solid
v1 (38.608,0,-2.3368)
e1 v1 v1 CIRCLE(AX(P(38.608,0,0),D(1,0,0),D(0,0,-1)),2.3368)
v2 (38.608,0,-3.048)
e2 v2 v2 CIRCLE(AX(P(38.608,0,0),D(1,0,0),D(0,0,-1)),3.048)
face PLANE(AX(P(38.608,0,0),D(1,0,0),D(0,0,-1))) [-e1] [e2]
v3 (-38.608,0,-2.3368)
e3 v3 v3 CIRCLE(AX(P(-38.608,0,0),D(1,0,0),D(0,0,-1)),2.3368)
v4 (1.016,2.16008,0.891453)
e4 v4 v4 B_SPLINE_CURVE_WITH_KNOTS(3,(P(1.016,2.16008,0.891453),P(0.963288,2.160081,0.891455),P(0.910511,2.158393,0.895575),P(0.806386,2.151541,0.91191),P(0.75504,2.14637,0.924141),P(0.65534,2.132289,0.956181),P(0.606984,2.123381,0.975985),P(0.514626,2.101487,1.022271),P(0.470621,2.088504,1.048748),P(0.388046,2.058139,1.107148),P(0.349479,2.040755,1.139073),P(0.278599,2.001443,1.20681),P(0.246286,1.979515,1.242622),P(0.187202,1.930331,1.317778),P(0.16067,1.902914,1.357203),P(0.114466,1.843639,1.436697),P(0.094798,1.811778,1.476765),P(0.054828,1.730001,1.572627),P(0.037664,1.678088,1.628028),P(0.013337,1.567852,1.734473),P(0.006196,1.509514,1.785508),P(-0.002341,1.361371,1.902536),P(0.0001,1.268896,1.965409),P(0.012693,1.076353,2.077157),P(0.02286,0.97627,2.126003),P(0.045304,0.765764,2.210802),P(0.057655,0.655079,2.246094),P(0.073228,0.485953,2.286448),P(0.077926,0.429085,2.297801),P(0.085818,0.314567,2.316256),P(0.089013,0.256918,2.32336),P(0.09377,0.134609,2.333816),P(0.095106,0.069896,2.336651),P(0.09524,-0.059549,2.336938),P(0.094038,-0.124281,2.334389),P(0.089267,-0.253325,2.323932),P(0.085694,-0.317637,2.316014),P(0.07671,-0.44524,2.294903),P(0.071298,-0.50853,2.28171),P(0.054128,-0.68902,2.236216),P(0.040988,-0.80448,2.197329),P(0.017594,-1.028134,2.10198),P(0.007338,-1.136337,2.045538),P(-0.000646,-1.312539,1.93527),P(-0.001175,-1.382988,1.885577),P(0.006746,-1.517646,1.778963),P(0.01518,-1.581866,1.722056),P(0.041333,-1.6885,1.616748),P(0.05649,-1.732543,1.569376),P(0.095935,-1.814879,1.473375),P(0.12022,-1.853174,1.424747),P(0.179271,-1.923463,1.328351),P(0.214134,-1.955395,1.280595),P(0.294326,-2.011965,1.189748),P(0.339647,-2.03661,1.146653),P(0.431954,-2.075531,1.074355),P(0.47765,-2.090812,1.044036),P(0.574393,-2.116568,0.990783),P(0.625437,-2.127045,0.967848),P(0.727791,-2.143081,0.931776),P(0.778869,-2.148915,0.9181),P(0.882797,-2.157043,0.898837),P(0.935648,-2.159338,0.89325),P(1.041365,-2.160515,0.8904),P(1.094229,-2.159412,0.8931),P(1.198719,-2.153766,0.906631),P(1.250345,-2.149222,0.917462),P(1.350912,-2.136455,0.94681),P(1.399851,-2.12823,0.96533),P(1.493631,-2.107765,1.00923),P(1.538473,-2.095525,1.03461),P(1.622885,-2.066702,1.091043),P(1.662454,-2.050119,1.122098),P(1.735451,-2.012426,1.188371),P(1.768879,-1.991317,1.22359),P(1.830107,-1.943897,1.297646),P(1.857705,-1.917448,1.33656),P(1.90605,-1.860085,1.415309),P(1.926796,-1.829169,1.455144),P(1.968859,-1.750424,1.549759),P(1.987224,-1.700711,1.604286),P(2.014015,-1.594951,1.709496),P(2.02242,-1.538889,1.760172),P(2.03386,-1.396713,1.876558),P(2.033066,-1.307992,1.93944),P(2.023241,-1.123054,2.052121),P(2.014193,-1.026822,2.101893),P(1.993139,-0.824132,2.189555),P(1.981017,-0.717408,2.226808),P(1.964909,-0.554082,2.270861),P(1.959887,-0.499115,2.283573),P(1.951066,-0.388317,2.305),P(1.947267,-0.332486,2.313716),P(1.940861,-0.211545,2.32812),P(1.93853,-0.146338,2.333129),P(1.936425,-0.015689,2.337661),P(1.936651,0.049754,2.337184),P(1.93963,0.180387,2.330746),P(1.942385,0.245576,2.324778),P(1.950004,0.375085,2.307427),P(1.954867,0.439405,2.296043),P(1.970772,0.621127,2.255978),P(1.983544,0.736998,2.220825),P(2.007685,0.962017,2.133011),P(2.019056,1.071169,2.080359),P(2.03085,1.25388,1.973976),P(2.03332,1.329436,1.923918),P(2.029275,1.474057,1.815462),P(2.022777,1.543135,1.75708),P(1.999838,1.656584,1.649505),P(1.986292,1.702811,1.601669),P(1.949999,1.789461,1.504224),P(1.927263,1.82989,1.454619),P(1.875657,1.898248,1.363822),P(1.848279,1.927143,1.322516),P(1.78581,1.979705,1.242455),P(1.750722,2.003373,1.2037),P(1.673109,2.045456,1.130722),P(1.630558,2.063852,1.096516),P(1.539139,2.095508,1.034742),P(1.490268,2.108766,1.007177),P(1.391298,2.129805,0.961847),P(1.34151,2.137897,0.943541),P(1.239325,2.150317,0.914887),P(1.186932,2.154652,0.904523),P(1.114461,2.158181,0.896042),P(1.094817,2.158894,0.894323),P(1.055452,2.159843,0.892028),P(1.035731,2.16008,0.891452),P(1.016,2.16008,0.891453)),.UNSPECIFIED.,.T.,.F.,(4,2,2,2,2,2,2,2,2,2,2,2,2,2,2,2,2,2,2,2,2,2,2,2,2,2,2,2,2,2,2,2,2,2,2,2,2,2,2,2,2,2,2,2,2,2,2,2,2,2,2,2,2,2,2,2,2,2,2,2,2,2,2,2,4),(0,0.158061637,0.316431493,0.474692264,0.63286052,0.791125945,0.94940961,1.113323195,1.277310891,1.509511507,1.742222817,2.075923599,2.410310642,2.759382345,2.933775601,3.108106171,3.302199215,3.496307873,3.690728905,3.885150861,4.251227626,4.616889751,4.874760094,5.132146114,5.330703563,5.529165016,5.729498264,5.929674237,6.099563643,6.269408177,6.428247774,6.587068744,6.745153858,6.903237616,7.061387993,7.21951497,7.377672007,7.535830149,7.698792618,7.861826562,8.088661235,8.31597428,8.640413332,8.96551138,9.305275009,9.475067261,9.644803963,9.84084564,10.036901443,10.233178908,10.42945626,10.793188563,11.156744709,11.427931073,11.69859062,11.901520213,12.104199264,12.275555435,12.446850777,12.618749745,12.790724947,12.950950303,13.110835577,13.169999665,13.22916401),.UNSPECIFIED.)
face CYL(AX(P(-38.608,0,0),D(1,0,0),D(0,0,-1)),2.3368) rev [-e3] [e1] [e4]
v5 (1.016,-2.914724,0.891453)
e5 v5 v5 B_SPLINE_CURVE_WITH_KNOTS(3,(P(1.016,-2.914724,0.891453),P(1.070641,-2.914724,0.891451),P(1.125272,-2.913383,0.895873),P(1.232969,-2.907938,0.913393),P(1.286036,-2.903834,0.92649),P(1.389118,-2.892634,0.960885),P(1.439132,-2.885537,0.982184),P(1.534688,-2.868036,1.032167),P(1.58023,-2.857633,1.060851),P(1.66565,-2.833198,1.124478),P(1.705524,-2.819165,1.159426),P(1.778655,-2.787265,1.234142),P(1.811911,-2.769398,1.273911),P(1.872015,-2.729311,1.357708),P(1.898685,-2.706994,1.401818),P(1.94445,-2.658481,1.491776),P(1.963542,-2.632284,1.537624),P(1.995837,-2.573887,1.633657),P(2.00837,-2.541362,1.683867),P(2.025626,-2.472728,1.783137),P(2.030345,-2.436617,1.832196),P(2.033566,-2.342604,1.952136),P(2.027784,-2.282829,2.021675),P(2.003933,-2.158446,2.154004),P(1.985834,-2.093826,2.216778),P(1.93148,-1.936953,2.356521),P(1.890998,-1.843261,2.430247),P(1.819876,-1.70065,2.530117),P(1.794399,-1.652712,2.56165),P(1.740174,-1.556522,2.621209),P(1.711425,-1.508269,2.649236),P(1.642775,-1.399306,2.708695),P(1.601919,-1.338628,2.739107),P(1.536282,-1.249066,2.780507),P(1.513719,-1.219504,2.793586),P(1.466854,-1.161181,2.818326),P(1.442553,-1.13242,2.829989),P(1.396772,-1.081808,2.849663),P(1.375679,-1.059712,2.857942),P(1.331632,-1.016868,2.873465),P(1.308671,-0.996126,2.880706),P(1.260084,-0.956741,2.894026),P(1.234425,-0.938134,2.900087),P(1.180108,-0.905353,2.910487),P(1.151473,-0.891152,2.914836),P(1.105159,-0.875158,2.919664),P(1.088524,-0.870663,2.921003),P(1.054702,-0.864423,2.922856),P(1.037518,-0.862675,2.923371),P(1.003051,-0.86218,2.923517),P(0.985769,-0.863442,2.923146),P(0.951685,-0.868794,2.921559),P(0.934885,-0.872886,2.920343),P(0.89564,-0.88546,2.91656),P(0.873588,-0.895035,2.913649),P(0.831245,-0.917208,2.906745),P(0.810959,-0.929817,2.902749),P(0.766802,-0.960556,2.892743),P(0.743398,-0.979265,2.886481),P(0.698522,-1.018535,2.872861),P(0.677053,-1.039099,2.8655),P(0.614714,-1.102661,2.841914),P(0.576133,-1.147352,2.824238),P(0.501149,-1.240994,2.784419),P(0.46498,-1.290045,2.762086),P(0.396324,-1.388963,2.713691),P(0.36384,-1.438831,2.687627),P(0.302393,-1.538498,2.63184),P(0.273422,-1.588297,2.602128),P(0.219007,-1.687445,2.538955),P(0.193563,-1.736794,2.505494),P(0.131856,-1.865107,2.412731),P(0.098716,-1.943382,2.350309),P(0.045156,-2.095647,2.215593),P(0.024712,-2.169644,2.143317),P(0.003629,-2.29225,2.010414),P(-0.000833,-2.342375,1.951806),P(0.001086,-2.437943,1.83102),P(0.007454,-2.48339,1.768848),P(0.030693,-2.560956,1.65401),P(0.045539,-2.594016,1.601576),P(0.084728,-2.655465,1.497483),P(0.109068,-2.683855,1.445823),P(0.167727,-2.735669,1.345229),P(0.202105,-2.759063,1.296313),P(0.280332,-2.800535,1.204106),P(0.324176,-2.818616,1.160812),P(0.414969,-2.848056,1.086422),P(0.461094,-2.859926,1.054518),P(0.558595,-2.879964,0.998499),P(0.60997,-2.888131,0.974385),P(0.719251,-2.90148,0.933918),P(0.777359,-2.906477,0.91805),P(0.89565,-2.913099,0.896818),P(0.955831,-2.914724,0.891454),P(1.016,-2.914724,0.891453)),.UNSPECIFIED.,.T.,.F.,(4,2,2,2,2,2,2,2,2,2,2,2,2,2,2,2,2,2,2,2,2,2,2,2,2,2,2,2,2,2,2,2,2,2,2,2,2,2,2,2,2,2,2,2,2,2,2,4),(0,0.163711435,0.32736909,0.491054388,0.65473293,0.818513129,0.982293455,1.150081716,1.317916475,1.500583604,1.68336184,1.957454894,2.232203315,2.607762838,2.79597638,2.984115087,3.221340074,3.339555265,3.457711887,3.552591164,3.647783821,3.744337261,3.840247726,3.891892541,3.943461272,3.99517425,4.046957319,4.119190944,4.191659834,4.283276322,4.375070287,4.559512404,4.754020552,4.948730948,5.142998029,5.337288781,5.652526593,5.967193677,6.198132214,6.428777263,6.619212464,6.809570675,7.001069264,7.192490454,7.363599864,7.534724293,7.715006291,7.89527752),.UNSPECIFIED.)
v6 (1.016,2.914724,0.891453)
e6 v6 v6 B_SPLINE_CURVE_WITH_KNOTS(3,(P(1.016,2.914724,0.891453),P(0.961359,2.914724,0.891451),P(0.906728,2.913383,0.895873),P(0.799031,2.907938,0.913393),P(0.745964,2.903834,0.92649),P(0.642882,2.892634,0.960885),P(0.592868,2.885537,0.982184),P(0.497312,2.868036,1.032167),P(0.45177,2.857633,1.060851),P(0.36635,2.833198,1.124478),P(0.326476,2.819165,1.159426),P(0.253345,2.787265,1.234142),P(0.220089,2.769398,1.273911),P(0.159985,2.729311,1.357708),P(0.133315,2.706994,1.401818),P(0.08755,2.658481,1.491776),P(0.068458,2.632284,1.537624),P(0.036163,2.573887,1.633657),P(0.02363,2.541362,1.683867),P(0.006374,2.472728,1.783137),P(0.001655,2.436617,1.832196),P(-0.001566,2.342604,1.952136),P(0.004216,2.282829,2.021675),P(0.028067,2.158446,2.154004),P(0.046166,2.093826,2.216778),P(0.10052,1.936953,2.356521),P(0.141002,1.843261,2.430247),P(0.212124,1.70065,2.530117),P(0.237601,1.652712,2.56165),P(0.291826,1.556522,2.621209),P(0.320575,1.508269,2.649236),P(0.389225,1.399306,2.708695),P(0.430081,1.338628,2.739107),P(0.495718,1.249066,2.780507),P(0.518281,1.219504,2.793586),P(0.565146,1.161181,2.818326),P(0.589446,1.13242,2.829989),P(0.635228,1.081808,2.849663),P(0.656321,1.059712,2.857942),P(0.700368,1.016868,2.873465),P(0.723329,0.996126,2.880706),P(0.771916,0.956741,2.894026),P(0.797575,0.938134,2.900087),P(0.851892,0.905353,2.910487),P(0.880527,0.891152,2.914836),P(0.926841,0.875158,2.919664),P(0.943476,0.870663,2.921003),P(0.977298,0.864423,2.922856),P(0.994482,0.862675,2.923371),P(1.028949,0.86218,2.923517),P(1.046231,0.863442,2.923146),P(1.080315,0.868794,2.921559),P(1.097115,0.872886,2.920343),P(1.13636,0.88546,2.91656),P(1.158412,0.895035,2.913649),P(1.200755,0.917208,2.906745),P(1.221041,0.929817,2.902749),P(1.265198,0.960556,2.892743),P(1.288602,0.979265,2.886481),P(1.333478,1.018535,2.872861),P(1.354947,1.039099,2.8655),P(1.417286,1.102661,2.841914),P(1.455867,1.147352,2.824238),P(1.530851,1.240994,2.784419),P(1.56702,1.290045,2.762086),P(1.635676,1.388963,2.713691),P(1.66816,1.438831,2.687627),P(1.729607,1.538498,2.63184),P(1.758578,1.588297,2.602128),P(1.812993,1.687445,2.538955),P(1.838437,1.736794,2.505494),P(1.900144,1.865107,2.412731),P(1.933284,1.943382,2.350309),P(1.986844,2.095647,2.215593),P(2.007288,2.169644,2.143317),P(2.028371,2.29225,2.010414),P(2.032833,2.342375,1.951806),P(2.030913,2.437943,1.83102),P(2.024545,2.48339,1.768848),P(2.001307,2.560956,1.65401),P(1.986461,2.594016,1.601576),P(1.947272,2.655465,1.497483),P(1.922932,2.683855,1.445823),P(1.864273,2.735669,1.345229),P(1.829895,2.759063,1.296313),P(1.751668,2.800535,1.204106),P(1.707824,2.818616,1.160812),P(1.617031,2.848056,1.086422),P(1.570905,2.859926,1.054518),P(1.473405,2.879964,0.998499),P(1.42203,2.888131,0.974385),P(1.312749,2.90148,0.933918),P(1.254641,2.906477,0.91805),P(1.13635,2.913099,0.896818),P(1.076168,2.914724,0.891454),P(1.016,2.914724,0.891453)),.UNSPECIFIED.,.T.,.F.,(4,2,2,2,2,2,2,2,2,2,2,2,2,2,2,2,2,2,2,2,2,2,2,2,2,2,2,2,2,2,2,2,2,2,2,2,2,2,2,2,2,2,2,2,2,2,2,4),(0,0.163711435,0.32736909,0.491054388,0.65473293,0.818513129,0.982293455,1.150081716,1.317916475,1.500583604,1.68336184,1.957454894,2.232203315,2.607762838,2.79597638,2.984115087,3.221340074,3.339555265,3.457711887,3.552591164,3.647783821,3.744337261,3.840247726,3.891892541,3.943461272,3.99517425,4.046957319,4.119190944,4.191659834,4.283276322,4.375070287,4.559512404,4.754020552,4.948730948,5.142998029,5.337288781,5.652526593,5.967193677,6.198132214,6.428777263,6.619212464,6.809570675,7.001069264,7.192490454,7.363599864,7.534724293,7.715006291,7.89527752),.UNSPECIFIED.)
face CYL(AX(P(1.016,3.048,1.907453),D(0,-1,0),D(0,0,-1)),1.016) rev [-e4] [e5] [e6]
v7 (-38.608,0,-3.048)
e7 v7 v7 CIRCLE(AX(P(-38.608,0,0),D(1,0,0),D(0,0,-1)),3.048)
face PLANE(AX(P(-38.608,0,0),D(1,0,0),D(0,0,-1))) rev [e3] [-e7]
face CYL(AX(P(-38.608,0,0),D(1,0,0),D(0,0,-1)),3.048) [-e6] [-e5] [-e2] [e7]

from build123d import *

# Parameters (mm, degrees)
BOSS_EXTRUDE1_DEPTH      = 38.608
BOSS_EXTRUDE1_DEPTH_BACK = 38.608
SKETCH1_R                = 3.048
SKETCH1_R_2              = 2.3368
CUT_EXTRUDE2_DEPTH       = 41.048822588
CUT_EXTRUDE2_DEPTH_BACK  = 41.048822588
SKETCH4_R                = 1.016


with BuildPart() as part:
    # Sketch1 → Boss-Extrude1 (new, two sides: drawn at the far end of the back side and taken through both)
    with BuildSketch(Plane(origin=(0, 0, 0), x_dir=(0, 0, -1), z_dir=(1, 0, 0)).offset(-BOSS_EXTRUDE1_DEPTH_BACK)):
        Circle(SKETCH1_R)
        Circle(SKETCH1_R_2, mode=Mode.SUBTRACT)
    extrude(amount=BOSS_EXTRUDE1_DEPTH + BOSS_EXTRUDE1_DEPTH_BACK)

    # Sketch4 → Cut-Extrude2 (cut, two sides: drawn at the far end of the back side and taken through both)
    with BuildSketch(Plane(origin=(1.015999977, 0, 1.907452801), x_dir=(0.9780710689611325, 0, -0.20827141921355355), z_dir=(0, -1, 0)).offset(-CUT_EXTRUDE2_DEPTH_BACK)):
        Circle(SKETCH4_R)
    extrude(amount=CUT_EXTRUDE2_DEPTH + CUT_EXTRUDE2_DEPTH_BACK, mode=Mode.SUBTRACT)


solid = part.part
